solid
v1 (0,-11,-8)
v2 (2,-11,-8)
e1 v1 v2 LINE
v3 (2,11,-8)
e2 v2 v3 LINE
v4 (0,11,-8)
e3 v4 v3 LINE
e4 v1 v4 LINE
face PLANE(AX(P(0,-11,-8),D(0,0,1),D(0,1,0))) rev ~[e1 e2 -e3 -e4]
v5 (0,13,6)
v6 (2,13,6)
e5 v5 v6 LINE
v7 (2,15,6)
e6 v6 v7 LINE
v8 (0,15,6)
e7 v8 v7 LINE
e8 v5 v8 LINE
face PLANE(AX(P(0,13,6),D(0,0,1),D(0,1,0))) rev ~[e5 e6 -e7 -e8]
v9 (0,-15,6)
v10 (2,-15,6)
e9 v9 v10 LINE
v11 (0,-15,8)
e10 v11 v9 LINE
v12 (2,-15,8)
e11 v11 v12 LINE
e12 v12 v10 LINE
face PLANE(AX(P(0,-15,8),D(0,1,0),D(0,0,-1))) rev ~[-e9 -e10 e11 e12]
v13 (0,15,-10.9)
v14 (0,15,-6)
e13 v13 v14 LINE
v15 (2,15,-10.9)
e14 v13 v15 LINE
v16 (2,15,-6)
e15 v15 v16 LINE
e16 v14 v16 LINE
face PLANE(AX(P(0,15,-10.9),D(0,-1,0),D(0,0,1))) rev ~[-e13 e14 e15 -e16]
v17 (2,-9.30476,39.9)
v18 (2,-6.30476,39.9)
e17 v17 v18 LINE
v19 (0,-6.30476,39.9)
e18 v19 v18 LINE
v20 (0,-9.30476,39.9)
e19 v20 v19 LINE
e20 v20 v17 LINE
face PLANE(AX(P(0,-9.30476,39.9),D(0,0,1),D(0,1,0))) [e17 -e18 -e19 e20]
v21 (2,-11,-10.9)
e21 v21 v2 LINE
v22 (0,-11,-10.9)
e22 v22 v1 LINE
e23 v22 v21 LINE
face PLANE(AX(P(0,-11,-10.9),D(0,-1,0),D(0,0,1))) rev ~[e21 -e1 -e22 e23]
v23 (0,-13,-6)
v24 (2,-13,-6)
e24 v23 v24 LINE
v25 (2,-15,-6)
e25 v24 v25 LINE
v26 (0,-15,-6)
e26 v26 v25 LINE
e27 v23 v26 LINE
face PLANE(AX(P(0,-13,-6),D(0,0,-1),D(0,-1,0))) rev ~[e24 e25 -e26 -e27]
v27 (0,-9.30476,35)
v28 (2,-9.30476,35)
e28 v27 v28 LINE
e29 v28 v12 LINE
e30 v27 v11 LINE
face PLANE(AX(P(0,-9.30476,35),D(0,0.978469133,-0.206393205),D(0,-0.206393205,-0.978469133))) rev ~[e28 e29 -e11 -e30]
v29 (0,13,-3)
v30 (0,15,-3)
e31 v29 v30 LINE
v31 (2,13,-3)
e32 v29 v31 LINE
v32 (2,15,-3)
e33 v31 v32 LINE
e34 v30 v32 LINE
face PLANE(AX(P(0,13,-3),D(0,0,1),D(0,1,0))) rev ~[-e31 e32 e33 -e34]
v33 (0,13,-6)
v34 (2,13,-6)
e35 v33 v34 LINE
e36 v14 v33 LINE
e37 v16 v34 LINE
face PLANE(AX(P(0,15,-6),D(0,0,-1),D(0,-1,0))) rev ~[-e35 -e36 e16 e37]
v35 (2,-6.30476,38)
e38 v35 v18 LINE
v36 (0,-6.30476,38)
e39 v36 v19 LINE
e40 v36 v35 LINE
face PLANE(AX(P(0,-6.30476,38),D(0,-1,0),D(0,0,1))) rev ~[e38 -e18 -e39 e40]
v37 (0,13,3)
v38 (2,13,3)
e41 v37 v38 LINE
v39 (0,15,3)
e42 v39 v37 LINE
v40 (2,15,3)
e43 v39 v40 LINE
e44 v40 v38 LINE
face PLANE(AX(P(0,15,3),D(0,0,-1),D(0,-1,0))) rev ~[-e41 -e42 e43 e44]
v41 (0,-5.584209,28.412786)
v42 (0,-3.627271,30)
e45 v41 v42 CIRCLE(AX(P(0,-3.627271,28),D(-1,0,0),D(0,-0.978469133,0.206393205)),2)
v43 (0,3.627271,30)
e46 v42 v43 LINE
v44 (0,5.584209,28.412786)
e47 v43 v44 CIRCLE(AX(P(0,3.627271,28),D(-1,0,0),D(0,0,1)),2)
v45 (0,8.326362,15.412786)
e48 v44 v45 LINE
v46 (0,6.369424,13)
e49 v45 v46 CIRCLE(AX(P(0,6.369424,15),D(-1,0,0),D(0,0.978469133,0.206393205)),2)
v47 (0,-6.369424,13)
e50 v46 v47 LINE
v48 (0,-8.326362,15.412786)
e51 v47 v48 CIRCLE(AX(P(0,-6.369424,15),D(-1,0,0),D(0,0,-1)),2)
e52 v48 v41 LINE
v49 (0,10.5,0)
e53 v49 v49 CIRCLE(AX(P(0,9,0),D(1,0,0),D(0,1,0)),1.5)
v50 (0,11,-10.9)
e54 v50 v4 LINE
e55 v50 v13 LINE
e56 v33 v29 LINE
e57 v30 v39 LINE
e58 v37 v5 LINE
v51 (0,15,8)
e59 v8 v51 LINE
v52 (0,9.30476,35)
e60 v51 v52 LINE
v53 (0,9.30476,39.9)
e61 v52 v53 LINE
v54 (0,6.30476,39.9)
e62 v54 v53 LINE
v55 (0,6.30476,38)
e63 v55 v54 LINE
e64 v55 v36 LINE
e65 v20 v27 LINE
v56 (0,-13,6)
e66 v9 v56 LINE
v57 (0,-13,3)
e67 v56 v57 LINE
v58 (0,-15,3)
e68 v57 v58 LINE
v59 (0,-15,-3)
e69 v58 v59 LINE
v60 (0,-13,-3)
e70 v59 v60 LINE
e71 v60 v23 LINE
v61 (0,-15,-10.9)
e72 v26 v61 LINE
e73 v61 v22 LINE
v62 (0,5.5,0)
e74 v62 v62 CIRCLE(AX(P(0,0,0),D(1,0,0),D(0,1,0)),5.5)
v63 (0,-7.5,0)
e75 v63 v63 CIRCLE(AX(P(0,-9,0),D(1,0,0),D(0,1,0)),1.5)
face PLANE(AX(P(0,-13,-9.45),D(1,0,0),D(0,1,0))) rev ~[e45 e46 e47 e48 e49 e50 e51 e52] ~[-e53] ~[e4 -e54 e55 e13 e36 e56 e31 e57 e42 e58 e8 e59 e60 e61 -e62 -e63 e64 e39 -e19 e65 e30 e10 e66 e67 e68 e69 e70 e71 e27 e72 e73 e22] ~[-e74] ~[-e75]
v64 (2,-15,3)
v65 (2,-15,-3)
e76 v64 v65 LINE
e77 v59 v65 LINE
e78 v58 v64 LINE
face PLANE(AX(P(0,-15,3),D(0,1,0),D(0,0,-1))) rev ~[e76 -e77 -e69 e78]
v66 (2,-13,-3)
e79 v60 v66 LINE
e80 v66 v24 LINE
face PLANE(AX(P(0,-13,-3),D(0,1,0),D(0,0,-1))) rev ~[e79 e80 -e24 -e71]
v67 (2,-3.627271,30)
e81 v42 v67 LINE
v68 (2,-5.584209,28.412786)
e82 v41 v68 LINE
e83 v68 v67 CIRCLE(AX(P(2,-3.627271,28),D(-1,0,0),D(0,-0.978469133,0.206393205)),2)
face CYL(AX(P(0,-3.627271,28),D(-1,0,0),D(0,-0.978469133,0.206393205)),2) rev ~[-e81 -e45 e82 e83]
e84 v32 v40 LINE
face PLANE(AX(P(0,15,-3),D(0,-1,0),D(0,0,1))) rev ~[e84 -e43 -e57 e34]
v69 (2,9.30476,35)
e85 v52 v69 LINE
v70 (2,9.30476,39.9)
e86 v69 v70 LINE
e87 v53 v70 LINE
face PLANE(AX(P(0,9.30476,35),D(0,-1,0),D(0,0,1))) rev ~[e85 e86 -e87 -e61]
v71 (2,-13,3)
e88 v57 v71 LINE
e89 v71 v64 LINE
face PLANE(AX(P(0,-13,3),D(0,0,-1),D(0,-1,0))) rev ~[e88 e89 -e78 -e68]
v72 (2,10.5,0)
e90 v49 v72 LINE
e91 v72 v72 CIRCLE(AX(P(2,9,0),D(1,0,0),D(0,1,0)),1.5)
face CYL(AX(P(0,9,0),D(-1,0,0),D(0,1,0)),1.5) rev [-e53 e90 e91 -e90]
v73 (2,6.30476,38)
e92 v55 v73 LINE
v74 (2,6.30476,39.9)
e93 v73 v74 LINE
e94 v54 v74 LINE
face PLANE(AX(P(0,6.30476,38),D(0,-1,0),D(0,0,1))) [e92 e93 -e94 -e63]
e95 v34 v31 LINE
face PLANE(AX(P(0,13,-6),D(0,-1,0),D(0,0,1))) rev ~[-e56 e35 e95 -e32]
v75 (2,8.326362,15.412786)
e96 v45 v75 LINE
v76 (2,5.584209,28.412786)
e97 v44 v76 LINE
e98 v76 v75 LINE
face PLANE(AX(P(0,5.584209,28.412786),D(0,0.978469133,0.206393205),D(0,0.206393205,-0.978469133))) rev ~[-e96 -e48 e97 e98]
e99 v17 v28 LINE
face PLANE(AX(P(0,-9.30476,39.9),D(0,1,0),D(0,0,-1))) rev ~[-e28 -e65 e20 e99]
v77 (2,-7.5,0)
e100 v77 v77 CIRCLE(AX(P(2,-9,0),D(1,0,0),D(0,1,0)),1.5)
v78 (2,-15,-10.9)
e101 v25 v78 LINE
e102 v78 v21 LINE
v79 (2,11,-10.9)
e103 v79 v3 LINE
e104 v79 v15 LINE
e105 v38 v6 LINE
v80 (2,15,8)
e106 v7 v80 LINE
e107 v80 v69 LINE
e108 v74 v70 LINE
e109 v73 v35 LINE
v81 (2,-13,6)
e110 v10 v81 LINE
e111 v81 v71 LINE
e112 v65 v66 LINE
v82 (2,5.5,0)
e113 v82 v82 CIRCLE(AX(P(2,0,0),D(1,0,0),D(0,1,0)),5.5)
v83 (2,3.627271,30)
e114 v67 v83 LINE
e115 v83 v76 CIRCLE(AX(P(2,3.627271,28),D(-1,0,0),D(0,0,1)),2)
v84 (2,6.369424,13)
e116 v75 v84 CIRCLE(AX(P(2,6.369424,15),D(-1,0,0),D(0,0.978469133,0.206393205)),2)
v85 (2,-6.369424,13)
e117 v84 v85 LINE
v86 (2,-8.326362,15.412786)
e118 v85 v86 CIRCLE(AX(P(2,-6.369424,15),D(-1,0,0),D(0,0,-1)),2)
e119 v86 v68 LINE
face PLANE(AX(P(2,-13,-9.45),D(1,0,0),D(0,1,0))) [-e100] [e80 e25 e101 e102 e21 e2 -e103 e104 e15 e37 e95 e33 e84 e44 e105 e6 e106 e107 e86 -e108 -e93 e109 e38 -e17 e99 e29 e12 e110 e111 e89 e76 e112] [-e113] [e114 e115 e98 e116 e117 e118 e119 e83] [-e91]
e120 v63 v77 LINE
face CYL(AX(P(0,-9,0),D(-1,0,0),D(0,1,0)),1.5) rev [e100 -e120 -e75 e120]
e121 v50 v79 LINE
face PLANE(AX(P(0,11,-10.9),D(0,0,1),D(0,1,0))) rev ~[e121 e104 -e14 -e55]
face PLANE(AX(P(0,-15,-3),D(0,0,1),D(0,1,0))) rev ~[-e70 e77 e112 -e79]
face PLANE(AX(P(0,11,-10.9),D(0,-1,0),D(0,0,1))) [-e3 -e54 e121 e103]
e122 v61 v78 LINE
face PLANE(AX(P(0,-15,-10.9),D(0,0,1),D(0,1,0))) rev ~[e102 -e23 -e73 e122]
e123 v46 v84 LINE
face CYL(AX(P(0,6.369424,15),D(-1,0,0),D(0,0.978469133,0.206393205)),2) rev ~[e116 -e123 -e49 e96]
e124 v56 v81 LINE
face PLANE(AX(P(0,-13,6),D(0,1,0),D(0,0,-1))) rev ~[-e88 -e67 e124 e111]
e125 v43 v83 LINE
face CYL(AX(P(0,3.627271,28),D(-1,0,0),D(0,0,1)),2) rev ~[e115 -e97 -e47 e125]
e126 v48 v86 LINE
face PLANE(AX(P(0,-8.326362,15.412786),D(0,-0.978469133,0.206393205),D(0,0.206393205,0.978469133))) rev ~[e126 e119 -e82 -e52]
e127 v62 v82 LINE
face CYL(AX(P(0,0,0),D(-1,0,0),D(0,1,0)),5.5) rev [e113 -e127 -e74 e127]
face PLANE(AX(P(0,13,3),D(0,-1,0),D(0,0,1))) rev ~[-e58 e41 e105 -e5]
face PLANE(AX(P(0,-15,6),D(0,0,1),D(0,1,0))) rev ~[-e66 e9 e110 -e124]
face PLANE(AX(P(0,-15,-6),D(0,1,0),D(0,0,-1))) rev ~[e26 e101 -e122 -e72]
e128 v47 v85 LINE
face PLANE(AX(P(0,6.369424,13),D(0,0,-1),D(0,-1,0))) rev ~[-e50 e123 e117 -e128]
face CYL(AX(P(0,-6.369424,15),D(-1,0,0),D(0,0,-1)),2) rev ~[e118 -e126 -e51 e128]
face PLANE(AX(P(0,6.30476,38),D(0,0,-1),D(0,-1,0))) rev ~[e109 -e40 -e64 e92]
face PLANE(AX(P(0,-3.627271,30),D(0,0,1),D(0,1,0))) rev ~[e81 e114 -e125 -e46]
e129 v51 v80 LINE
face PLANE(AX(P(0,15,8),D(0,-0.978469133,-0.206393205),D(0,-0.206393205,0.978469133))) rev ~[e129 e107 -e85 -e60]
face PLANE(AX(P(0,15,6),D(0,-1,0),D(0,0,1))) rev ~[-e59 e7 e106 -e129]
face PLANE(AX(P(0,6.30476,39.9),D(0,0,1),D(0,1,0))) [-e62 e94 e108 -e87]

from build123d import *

# Parameters (mm, degrees)
F0_W     = 4
F0_H     = 2.9
F0_W_2   = 3
F0_H_2   = 1.9
F0_R     = 1.5
F0_R_2   = 5.5
F1_DEPTH = 2
F2_DEPTH = 2


with BuildPart() as f1:
    # F0 (on Right) → F1 (new body)
    with BuildSketch(Plane.YZ):
        with Locations((-13, -9.45)):
            Rectangle(F0_W, F0_H)
        with Locations((13, -9.45)):
            Rectangle(F0_W, F0_H)
        with Locations((-7.80476, 38.95)):
            Rectangle(F0_W_2, F0_H_2)
        with Locations((7.80476, 38.95)):
            Rectangle(F0_W_2, F0_H_2)
        Polygon((-9.30476, 38), (-9.30476, 35), (9.30476, 35), (9.30476, 38), (6.30476, 38), (-6.30476, 38), align=None)
        Polygon((-15, -6), (-15, -8), (-11, -8), (11, -8), (15, -8), (15, -6), (13, -6), (13, -3), (15, -3), (15, 3), (13, 3), (13, 6), (15, 6), (15, 8), (-15, 8), (-15, 6), (-13, 6), (-13, 3), (-15, 3), (-15, -3), (-13, -3), (-13, -6), align=None)
        with Locations((-9, 0)):
            Circle(F0_R, mode=Mode.SUBTRACT)
        Circle(F0_R_2, mode=Mode.SUBTRACT)
        with Locations((9, 0)):
            Circle(F0_R, mode=Mode.SUBTRACT)
        Polygon((-9.30476, 35), (-15, 8), (15, 8), (9.30476, 35), align=None)
        with BuildLine():
            ThreePointArc((3.6272711829, 30), (4.8871178359, 29.5533146529), (5.5842094494, 28.4127864109))
            Line((5.5842094494, 28.4127864109), (8.326362042, 15.4127864109))
            ThreePointArc((8.326362042, 15.4127864109), (7.9227384284, 13.740153347), (6.3694237755, 13))
            Line((6.3694237755, 13), (-6.3694237755, 13))
            ThreePointArc((-6.3694237755, 13), (-7.9227384284, 13.740153347), (-8.326362042, 15.4127864109))
            Line((-8.326362042, 15.4127864109), (-5.5842094494, 28.4127864109))
            ThreePointArc((-5.5842094494, 28.4127864109), (-4.8871178359, 29.5533146529), (-3.6272711829, 30))
            Line((-3.6272711829, 30), (3.6272711829, 30))
        make_face(mode=Mode.SUBTRACT)
    extrude(amount=F1_DEPTH)

    # F0 (on Right) → F2 (join)
    with BuildSketch(Plane.YZ):
        Polygon((-9.30476, 35), (-15, 8), (15, 8), (9.30476, 35), align=None)
        with BuildLine():
            ThreePointArc((3.6272711829, 30), (4.8871178359, 29.5533146529), (5.5842094494, 28.4127864109))
            Line((5.5842094494, 28.4127864109), (8.326362042, 15.4127864109))
            ThreePointArc((8.326362042, 15.4127864109), (7.9227384284, 13.740153347), (6.3694237755, 13))
            Line((6.3694237755, 13), (-6.3694237755, 13))
            ThreePointArc((-6.3694237755, 13), (-7.9227384284, 13.740153347), (-8.326362042, 15.4127864109))
            Line((-8.326362042, 15.4127864109), (-5.5842094494, 28.4127864109))
            ThreePointArc((-5.5842094494, 28.4127864109), (-4.8871178359, 29.5533146529), (-3.6272711829, 30))
            Line((-3.6272711829, 30), (3.6272711829, 30))
        make_face(mode=Mode.SUBTRACT)
        Polygon((-15, -6), (-15, -8), (-11, -8), (11, -8), (15, -8), (15, -6), (13, -6), (13, -3), (15, -3), (15, 3), (13, 3), (13, 6), (15, 6), (15, 8), (-15, 8), (-15, 6), (-13, 6), (-13, 3), (-15, 3), (-15, -3), (-13, -3), (-13, -6), align=None)
        with Locations((-9, 0)):
            Circle(F0_R, mode=Mode.SUBTRACT)
        Circle(F0_R_2, mode=Mode.SUBTRACT)
        with Locations((9, 0)):
            Circle(F0_R, mode=Mode.SUBTRACT)
        with Locations((-13, -9.45)):
            Rectangle(F0_W, F0_H)
        with Locations((13, -9.45)):
            Rectangle(F0_W, F0_H)
        with Locations((7.80476, 38.95)):
            Rectangle(F0_W_2, F0_H_2)
        Polygon((-9.30476, 38), (-9.30476, 35), (9.30476, 35), (9.30476, 38), (6.30476, 38), (-6.30476, 38), align=None)
        with Locations((-7.80476, 38.95)):
            Rectangle(F0_W_2, F0_H_2)
    extrude(amount=F2_DEPTH)


solid = f1.part
